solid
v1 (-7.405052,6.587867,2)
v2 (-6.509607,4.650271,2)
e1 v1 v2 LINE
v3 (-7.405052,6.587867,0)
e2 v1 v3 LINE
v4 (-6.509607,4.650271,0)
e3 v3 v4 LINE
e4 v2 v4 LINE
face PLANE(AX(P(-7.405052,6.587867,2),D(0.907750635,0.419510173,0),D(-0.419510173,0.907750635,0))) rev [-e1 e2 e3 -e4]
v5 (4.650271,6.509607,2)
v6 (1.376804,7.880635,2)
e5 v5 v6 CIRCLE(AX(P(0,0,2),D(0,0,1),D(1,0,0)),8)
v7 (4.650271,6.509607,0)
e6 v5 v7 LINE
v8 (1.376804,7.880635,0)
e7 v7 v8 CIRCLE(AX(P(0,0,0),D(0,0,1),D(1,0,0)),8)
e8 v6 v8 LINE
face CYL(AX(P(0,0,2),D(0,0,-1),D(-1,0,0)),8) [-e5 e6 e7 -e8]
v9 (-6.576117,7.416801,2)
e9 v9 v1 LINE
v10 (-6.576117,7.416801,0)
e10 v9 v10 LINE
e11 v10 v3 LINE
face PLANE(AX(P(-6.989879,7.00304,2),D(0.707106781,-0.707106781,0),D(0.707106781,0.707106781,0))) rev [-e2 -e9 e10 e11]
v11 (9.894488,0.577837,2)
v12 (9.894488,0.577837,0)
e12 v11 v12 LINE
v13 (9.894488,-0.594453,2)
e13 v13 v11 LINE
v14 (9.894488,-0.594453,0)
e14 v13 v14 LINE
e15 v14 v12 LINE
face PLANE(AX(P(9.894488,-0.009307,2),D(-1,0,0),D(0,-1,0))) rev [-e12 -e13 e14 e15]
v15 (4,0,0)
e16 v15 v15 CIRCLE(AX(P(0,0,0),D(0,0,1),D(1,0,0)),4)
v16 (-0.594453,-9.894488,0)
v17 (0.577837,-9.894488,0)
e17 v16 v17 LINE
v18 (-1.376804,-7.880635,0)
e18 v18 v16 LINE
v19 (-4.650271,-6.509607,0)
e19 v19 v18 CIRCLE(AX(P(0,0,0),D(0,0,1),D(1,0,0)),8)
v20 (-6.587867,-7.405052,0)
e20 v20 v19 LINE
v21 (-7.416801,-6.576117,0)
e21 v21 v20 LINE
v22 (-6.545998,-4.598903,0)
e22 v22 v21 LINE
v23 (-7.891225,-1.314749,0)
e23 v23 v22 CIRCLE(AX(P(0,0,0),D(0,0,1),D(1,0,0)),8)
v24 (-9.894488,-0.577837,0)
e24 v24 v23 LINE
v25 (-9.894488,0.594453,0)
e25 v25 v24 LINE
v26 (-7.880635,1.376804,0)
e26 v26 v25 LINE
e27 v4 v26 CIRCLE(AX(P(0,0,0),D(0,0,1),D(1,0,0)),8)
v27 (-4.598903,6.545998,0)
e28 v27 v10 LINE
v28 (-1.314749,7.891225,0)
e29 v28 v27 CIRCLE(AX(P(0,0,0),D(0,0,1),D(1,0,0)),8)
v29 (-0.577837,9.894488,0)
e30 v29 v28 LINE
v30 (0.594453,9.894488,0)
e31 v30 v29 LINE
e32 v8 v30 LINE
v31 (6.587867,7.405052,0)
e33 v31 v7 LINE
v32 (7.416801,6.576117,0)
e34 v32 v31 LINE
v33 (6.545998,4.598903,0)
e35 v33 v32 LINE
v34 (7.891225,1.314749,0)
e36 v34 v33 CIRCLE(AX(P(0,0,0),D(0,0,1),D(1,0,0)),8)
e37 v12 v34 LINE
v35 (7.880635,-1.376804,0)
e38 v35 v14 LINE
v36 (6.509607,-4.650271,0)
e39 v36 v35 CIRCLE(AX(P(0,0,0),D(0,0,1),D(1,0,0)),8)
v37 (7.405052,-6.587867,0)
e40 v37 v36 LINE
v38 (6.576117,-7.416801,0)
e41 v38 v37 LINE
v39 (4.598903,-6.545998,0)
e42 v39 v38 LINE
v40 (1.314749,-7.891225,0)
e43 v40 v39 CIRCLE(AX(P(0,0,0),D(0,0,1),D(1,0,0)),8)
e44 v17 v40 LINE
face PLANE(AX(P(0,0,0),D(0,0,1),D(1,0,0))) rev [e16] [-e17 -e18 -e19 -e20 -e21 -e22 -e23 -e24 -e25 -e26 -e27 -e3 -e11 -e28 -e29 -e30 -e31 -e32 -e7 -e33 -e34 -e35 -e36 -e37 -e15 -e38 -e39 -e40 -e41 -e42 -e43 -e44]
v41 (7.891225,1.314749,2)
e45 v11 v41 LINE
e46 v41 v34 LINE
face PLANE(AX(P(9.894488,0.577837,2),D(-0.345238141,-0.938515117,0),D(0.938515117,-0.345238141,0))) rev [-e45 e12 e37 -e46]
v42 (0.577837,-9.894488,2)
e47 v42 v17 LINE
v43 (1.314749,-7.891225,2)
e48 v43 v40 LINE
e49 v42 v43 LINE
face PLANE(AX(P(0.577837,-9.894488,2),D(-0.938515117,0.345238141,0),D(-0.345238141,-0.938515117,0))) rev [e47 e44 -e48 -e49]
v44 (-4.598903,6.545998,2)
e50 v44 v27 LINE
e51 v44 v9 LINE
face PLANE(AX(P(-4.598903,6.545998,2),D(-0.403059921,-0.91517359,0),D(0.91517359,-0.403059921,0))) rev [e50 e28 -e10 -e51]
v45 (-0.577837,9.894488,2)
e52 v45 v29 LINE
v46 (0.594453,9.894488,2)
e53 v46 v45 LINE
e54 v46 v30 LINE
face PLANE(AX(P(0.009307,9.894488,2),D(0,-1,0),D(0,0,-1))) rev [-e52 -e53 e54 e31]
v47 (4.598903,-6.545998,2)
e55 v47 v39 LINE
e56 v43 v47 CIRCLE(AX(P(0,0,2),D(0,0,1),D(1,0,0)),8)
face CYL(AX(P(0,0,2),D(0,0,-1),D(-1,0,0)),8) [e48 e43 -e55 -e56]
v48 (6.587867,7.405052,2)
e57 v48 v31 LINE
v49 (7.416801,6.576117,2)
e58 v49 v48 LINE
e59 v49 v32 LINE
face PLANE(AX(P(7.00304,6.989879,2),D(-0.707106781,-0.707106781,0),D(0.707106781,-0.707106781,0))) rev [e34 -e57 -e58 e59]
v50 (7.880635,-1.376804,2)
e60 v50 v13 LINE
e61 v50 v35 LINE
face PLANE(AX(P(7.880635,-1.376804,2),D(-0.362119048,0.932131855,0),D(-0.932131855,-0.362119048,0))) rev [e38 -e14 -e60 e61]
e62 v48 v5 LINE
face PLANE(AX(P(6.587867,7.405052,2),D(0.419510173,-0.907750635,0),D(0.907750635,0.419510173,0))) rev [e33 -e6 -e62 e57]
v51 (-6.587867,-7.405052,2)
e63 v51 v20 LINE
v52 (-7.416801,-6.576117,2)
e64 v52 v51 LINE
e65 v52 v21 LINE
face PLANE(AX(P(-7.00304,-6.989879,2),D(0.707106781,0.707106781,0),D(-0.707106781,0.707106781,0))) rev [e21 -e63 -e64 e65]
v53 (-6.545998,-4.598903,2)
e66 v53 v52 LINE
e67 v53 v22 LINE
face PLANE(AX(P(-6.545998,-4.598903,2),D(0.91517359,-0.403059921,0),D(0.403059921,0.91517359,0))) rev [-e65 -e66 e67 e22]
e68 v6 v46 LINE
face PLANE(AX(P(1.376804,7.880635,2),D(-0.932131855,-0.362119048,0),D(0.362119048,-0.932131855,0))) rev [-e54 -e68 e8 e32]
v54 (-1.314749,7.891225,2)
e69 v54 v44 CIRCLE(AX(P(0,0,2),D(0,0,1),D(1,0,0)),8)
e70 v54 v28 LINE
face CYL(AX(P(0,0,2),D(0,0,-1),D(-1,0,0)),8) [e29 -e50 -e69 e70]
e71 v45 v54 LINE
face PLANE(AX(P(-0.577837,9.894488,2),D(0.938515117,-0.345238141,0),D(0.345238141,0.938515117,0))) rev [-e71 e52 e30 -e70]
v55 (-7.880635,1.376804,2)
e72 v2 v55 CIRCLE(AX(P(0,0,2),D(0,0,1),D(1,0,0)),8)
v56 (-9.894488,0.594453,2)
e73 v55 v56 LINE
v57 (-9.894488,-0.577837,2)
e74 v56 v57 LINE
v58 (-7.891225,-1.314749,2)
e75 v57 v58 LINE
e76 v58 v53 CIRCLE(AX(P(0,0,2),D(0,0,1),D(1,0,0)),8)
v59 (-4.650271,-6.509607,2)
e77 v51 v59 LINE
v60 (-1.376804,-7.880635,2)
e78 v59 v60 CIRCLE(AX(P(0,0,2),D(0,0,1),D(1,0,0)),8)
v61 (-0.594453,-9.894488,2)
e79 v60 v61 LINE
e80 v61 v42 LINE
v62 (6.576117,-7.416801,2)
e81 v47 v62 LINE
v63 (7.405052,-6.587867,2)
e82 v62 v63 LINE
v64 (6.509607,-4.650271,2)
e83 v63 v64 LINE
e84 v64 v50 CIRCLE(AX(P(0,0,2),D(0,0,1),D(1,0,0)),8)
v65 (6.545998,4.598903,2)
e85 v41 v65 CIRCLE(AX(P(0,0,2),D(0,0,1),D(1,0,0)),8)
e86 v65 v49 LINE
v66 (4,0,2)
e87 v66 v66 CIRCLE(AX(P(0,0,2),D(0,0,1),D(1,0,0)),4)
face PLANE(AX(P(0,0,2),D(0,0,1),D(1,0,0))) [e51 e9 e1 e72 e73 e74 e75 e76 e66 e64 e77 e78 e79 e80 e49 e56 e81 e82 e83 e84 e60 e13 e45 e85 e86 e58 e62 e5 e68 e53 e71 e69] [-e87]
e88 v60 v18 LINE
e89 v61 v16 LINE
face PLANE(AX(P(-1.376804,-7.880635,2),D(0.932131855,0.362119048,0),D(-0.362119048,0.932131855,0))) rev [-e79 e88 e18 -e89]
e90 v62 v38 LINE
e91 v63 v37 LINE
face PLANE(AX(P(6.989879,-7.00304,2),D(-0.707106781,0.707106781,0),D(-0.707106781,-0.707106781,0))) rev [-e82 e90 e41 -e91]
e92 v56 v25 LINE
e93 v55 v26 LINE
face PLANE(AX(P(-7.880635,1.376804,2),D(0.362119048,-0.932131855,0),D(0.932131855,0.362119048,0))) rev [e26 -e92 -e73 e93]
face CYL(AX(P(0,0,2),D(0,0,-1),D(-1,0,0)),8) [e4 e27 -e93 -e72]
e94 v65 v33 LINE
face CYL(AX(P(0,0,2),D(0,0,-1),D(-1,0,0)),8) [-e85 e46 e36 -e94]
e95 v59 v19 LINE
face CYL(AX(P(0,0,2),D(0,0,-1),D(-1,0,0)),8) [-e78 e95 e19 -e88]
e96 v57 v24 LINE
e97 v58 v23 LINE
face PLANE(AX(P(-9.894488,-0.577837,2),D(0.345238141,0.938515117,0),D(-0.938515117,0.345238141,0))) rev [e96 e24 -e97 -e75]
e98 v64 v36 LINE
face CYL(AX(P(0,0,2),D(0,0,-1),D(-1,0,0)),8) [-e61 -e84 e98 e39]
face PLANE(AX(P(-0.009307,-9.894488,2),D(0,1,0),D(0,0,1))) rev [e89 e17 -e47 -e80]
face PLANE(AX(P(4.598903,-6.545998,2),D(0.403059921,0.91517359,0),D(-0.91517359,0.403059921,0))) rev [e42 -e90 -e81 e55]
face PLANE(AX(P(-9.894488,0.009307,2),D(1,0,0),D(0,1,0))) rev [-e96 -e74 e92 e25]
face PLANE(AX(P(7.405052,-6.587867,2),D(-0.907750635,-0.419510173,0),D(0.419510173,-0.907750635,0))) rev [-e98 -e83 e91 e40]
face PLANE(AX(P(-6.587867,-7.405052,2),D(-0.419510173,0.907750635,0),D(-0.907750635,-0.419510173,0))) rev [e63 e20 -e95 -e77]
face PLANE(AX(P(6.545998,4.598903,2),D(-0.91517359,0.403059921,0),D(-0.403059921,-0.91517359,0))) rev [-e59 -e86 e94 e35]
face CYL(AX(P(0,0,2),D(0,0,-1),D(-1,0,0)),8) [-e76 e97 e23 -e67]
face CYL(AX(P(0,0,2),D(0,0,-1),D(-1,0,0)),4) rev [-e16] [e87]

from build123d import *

# Parameters (mm, degrees)
CROQUIS1_R              = 8
CROQUIS1_R_2            = 4
SALIENTE_EXTRUIR5_DEPTH = 2
SALIENTE_EXTRUIR7_DEPTH = 2
MATRIZC5_COUNT          = 8


with BuildPart() as part:
    # Croquis1 → Saliente-Extruir5 (new body)
    with BuildSketch(Plane.XY):
        Circle(CROQUIS1_R)
        Circle(CROQUIS1_R_2, mode=Mode.SUBTRACT)
    extrude(amount=SALIENTE_EXTRUIR5_DEPTH)

    # Croquis5 → Saliente-Extruir7 (add)
    with BuildSketch(Plane.XY):
        Polygon((0.009306697, 9.894487771), (-0.577837412, 9.894487771), (-1.314748981, 7.891225198), (-1.314748981, 7.565133639), (1.376804344, 7.565133639), (1.376804344, 7.880635114), (0.594453217, 9.894487771), align=None)
    saliente_extruir7 = extrude(amount=SALIENTE_EXTRUIR7_DEPTH)

    # MatrizC5: Saliente-Extruir7 ×8 about axis
    matrizc5_axis = Axis((0, 0, 0), (0, 0, 1))
    for i in range(1, MATRIZC5_COUNT):
        add(saliente_extruir7.rotate(matrizc5_axis, i * 360 / MATRIZC5_COUNT))


solid = part.part
